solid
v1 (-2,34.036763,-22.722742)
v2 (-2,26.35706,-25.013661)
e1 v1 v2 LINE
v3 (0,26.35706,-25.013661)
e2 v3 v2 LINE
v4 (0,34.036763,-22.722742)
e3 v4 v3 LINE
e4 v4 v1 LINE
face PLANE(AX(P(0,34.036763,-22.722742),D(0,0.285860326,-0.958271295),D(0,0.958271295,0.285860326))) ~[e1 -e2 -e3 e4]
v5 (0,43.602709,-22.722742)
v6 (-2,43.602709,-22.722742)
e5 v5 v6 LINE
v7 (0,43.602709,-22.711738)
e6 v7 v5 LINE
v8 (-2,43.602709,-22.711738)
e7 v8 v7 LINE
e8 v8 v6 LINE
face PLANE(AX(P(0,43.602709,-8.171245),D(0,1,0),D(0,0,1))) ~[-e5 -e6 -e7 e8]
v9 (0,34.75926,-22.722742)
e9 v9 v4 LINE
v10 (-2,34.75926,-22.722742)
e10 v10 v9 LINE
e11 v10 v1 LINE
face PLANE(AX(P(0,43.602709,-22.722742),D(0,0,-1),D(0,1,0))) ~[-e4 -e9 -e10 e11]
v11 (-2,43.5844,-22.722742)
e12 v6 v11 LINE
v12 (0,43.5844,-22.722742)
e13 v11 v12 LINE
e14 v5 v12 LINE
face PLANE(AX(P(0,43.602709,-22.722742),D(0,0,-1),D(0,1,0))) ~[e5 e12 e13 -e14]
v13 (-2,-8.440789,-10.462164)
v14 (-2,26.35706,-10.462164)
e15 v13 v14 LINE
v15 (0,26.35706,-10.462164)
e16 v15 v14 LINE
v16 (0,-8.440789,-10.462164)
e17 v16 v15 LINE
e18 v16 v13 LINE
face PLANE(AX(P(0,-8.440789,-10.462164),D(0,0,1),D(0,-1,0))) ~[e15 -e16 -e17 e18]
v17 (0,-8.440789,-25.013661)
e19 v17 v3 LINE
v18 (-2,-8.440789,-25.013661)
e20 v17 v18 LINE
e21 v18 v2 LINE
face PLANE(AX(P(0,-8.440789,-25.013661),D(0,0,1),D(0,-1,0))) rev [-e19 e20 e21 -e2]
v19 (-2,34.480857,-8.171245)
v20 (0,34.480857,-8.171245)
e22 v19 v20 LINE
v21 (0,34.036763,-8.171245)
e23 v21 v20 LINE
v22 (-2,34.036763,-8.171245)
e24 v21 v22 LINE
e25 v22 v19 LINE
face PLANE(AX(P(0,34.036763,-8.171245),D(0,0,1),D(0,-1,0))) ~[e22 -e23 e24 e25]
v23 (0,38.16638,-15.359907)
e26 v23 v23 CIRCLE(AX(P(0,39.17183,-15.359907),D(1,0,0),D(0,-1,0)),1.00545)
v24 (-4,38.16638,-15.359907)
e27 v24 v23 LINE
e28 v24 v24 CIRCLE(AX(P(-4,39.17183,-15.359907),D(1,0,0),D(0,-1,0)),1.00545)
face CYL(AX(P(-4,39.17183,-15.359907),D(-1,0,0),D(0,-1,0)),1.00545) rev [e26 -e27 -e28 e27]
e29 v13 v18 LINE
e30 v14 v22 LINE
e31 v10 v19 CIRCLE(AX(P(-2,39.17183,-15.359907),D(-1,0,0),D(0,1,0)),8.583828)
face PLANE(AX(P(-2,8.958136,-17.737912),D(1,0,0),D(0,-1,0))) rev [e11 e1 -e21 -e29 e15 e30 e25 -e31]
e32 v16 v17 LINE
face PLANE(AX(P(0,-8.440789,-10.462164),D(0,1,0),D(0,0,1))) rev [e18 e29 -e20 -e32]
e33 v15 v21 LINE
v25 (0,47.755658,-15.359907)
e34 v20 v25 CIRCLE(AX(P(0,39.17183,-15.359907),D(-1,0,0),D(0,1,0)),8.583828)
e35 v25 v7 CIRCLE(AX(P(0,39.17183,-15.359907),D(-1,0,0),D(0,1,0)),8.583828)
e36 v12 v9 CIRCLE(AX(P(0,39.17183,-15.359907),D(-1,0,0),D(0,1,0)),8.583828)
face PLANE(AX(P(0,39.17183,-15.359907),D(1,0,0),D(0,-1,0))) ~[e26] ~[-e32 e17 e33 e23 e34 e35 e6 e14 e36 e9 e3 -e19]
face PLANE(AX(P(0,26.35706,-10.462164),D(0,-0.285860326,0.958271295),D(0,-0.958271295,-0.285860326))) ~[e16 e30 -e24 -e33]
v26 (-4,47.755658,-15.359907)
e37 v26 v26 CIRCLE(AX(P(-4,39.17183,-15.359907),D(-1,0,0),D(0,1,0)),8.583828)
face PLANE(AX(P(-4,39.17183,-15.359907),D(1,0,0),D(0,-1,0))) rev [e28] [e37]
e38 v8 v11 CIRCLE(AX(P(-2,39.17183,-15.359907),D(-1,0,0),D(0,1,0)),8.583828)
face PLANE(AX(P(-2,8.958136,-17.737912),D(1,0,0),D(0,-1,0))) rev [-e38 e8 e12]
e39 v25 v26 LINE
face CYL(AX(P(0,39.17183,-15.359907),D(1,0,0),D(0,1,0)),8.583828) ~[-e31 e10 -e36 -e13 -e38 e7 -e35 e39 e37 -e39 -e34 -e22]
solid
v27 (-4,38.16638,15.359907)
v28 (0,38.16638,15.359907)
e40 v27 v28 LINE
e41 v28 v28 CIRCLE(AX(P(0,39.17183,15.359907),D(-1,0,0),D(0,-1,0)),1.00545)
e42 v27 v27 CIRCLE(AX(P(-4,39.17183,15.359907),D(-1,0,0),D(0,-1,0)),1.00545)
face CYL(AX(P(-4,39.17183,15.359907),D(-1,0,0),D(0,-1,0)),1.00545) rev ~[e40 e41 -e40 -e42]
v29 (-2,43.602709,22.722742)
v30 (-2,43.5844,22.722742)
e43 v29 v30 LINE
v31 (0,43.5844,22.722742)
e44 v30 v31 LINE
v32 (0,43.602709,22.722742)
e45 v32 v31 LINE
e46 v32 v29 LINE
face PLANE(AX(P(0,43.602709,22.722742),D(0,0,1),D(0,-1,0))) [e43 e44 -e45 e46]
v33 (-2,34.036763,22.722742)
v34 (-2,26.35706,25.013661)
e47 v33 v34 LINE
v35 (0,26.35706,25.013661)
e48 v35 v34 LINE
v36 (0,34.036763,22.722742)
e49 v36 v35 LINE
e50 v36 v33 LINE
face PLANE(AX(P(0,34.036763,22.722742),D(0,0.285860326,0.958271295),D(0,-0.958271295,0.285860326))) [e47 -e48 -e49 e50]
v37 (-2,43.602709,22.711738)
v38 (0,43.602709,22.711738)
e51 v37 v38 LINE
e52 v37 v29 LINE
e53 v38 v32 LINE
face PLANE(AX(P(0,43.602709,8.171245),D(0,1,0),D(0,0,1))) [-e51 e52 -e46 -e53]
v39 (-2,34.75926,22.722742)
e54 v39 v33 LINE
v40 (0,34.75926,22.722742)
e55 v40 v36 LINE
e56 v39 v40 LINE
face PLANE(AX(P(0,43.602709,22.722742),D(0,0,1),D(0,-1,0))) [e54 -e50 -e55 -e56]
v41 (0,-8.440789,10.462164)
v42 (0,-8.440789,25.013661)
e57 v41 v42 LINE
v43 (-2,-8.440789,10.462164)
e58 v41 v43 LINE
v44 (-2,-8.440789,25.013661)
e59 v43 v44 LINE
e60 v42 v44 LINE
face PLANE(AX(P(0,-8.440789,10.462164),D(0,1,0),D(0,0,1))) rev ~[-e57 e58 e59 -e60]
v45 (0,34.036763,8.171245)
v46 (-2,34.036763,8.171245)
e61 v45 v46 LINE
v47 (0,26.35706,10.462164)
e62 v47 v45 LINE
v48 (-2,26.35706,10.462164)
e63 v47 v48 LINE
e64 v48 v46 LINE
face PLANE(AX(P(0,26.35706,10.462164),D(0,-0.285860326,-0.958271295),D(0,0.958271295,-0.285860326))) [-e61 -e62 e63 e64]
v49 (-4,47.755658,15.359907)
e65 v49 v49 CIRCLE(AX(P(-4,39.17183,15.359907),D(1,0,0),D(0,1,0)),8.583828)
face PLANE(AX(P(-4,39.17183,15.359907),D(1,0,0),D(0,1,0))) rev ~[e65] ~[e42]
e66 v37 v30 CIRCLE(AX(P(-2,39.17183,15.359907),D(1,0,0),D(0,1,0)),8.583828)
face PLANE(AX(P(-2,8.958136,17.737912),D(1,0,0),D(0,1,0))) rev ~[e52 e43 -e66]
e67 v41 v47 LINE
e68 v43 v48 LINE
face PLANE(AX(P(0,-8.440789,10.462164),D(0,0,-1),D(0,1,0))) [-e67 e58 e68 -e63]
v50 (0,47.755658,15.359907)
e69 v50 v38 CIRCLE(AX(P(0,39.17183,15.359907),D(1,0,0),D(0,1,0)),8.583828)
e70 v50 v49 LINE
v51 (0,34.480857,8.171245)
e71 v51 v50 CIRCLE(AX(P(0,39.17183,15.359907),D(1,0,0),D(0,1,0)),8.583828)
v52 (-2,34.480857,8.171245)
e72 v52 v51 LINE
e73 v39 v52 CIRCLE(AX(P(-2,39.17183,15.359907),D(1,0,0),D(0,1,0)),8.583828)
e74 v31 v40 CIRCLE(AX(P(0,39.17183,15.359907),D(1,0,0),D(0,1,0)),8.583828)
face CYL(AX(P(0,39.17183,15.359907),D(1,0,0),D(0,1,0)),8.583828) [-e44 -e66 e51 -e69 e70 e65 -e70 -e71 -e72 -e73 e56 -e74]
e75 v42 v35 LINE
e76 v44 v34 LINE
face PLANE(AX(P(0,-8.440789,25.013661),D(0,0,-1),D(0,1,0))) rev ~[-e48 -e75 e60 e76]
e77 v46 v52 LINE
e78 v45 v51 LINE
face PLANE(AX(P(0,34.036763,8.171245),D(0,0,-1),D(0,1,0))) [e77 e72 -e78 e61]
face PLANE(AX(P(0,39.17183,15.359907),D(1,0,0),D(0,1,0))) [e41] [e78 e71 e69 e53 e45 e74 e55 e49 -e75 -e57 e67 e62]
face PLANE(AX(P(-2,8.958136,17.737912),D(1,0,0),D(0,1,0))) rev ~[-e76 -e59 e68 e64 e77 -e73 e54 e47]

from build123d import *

# Parameters (mm, degrees)
F0_W     = 34.7978491336
F0_H     = 14.5514970645
F1_DEPTH = 2
F2_DEPTH = 2
F3_R     = 8.5838279675
F4_DEPTH = 4
F5_R     = 1.0054501638
F6_DEPTH = 4


with BuildPart() as f1:
    # F0 (on Right) → F1 (new body)
    with BuildSketch(Plane.YZ):
        with Locations((8.9581357315, 17.7379124798)):
            Rectangle(F0_W, F0_H)
    extrude(amount=-F1_DEPTH)

    # F0 (on Right) → F2 (join)
    with BuildSketch(Plane.YZ):
        with Locations((8.9581357315, 17.7379124798)):
            Rectangle(F0_W, F0_H)
        Polygon((34.0367630124, 22.722741589), (26.3570602983, 25.0136610121), (26.3570602983, 10.4621639475), (34.0367630124, 8.1712445244), (43.6027087271, 8.1712445244), (43.6027087271, 22.722741589), align=None)
    extrude(amount=-F2_DEPTH)

    # F3 (on Right) → F4 (join)
    with BuildSketch(Plane.YZ):
        with Locations((39.1718298197, 15.359907411)):
            Circle(F3_R)
    extrude(amount=-F4_DEPTH)

    # F5 (on face) → F6 (cut)
    with BuildSketch(Plane(origin=(-4, 0, 0), x_dir=(0, -1, 0), z_dir=(-1, 0, 0))):
        with Locations((-39.1718298197, 15.359907411)):
            Circle(F5_R)
    extrude(amount=-F6_DEPTH, mode=Mode.SUBTRACT)


with BuildPart() as f7_1:
    # F7: instance of F1
    add(f1.part.mirror(Plane.XY))


solid = Compound([f1.part, f7_1.part])
